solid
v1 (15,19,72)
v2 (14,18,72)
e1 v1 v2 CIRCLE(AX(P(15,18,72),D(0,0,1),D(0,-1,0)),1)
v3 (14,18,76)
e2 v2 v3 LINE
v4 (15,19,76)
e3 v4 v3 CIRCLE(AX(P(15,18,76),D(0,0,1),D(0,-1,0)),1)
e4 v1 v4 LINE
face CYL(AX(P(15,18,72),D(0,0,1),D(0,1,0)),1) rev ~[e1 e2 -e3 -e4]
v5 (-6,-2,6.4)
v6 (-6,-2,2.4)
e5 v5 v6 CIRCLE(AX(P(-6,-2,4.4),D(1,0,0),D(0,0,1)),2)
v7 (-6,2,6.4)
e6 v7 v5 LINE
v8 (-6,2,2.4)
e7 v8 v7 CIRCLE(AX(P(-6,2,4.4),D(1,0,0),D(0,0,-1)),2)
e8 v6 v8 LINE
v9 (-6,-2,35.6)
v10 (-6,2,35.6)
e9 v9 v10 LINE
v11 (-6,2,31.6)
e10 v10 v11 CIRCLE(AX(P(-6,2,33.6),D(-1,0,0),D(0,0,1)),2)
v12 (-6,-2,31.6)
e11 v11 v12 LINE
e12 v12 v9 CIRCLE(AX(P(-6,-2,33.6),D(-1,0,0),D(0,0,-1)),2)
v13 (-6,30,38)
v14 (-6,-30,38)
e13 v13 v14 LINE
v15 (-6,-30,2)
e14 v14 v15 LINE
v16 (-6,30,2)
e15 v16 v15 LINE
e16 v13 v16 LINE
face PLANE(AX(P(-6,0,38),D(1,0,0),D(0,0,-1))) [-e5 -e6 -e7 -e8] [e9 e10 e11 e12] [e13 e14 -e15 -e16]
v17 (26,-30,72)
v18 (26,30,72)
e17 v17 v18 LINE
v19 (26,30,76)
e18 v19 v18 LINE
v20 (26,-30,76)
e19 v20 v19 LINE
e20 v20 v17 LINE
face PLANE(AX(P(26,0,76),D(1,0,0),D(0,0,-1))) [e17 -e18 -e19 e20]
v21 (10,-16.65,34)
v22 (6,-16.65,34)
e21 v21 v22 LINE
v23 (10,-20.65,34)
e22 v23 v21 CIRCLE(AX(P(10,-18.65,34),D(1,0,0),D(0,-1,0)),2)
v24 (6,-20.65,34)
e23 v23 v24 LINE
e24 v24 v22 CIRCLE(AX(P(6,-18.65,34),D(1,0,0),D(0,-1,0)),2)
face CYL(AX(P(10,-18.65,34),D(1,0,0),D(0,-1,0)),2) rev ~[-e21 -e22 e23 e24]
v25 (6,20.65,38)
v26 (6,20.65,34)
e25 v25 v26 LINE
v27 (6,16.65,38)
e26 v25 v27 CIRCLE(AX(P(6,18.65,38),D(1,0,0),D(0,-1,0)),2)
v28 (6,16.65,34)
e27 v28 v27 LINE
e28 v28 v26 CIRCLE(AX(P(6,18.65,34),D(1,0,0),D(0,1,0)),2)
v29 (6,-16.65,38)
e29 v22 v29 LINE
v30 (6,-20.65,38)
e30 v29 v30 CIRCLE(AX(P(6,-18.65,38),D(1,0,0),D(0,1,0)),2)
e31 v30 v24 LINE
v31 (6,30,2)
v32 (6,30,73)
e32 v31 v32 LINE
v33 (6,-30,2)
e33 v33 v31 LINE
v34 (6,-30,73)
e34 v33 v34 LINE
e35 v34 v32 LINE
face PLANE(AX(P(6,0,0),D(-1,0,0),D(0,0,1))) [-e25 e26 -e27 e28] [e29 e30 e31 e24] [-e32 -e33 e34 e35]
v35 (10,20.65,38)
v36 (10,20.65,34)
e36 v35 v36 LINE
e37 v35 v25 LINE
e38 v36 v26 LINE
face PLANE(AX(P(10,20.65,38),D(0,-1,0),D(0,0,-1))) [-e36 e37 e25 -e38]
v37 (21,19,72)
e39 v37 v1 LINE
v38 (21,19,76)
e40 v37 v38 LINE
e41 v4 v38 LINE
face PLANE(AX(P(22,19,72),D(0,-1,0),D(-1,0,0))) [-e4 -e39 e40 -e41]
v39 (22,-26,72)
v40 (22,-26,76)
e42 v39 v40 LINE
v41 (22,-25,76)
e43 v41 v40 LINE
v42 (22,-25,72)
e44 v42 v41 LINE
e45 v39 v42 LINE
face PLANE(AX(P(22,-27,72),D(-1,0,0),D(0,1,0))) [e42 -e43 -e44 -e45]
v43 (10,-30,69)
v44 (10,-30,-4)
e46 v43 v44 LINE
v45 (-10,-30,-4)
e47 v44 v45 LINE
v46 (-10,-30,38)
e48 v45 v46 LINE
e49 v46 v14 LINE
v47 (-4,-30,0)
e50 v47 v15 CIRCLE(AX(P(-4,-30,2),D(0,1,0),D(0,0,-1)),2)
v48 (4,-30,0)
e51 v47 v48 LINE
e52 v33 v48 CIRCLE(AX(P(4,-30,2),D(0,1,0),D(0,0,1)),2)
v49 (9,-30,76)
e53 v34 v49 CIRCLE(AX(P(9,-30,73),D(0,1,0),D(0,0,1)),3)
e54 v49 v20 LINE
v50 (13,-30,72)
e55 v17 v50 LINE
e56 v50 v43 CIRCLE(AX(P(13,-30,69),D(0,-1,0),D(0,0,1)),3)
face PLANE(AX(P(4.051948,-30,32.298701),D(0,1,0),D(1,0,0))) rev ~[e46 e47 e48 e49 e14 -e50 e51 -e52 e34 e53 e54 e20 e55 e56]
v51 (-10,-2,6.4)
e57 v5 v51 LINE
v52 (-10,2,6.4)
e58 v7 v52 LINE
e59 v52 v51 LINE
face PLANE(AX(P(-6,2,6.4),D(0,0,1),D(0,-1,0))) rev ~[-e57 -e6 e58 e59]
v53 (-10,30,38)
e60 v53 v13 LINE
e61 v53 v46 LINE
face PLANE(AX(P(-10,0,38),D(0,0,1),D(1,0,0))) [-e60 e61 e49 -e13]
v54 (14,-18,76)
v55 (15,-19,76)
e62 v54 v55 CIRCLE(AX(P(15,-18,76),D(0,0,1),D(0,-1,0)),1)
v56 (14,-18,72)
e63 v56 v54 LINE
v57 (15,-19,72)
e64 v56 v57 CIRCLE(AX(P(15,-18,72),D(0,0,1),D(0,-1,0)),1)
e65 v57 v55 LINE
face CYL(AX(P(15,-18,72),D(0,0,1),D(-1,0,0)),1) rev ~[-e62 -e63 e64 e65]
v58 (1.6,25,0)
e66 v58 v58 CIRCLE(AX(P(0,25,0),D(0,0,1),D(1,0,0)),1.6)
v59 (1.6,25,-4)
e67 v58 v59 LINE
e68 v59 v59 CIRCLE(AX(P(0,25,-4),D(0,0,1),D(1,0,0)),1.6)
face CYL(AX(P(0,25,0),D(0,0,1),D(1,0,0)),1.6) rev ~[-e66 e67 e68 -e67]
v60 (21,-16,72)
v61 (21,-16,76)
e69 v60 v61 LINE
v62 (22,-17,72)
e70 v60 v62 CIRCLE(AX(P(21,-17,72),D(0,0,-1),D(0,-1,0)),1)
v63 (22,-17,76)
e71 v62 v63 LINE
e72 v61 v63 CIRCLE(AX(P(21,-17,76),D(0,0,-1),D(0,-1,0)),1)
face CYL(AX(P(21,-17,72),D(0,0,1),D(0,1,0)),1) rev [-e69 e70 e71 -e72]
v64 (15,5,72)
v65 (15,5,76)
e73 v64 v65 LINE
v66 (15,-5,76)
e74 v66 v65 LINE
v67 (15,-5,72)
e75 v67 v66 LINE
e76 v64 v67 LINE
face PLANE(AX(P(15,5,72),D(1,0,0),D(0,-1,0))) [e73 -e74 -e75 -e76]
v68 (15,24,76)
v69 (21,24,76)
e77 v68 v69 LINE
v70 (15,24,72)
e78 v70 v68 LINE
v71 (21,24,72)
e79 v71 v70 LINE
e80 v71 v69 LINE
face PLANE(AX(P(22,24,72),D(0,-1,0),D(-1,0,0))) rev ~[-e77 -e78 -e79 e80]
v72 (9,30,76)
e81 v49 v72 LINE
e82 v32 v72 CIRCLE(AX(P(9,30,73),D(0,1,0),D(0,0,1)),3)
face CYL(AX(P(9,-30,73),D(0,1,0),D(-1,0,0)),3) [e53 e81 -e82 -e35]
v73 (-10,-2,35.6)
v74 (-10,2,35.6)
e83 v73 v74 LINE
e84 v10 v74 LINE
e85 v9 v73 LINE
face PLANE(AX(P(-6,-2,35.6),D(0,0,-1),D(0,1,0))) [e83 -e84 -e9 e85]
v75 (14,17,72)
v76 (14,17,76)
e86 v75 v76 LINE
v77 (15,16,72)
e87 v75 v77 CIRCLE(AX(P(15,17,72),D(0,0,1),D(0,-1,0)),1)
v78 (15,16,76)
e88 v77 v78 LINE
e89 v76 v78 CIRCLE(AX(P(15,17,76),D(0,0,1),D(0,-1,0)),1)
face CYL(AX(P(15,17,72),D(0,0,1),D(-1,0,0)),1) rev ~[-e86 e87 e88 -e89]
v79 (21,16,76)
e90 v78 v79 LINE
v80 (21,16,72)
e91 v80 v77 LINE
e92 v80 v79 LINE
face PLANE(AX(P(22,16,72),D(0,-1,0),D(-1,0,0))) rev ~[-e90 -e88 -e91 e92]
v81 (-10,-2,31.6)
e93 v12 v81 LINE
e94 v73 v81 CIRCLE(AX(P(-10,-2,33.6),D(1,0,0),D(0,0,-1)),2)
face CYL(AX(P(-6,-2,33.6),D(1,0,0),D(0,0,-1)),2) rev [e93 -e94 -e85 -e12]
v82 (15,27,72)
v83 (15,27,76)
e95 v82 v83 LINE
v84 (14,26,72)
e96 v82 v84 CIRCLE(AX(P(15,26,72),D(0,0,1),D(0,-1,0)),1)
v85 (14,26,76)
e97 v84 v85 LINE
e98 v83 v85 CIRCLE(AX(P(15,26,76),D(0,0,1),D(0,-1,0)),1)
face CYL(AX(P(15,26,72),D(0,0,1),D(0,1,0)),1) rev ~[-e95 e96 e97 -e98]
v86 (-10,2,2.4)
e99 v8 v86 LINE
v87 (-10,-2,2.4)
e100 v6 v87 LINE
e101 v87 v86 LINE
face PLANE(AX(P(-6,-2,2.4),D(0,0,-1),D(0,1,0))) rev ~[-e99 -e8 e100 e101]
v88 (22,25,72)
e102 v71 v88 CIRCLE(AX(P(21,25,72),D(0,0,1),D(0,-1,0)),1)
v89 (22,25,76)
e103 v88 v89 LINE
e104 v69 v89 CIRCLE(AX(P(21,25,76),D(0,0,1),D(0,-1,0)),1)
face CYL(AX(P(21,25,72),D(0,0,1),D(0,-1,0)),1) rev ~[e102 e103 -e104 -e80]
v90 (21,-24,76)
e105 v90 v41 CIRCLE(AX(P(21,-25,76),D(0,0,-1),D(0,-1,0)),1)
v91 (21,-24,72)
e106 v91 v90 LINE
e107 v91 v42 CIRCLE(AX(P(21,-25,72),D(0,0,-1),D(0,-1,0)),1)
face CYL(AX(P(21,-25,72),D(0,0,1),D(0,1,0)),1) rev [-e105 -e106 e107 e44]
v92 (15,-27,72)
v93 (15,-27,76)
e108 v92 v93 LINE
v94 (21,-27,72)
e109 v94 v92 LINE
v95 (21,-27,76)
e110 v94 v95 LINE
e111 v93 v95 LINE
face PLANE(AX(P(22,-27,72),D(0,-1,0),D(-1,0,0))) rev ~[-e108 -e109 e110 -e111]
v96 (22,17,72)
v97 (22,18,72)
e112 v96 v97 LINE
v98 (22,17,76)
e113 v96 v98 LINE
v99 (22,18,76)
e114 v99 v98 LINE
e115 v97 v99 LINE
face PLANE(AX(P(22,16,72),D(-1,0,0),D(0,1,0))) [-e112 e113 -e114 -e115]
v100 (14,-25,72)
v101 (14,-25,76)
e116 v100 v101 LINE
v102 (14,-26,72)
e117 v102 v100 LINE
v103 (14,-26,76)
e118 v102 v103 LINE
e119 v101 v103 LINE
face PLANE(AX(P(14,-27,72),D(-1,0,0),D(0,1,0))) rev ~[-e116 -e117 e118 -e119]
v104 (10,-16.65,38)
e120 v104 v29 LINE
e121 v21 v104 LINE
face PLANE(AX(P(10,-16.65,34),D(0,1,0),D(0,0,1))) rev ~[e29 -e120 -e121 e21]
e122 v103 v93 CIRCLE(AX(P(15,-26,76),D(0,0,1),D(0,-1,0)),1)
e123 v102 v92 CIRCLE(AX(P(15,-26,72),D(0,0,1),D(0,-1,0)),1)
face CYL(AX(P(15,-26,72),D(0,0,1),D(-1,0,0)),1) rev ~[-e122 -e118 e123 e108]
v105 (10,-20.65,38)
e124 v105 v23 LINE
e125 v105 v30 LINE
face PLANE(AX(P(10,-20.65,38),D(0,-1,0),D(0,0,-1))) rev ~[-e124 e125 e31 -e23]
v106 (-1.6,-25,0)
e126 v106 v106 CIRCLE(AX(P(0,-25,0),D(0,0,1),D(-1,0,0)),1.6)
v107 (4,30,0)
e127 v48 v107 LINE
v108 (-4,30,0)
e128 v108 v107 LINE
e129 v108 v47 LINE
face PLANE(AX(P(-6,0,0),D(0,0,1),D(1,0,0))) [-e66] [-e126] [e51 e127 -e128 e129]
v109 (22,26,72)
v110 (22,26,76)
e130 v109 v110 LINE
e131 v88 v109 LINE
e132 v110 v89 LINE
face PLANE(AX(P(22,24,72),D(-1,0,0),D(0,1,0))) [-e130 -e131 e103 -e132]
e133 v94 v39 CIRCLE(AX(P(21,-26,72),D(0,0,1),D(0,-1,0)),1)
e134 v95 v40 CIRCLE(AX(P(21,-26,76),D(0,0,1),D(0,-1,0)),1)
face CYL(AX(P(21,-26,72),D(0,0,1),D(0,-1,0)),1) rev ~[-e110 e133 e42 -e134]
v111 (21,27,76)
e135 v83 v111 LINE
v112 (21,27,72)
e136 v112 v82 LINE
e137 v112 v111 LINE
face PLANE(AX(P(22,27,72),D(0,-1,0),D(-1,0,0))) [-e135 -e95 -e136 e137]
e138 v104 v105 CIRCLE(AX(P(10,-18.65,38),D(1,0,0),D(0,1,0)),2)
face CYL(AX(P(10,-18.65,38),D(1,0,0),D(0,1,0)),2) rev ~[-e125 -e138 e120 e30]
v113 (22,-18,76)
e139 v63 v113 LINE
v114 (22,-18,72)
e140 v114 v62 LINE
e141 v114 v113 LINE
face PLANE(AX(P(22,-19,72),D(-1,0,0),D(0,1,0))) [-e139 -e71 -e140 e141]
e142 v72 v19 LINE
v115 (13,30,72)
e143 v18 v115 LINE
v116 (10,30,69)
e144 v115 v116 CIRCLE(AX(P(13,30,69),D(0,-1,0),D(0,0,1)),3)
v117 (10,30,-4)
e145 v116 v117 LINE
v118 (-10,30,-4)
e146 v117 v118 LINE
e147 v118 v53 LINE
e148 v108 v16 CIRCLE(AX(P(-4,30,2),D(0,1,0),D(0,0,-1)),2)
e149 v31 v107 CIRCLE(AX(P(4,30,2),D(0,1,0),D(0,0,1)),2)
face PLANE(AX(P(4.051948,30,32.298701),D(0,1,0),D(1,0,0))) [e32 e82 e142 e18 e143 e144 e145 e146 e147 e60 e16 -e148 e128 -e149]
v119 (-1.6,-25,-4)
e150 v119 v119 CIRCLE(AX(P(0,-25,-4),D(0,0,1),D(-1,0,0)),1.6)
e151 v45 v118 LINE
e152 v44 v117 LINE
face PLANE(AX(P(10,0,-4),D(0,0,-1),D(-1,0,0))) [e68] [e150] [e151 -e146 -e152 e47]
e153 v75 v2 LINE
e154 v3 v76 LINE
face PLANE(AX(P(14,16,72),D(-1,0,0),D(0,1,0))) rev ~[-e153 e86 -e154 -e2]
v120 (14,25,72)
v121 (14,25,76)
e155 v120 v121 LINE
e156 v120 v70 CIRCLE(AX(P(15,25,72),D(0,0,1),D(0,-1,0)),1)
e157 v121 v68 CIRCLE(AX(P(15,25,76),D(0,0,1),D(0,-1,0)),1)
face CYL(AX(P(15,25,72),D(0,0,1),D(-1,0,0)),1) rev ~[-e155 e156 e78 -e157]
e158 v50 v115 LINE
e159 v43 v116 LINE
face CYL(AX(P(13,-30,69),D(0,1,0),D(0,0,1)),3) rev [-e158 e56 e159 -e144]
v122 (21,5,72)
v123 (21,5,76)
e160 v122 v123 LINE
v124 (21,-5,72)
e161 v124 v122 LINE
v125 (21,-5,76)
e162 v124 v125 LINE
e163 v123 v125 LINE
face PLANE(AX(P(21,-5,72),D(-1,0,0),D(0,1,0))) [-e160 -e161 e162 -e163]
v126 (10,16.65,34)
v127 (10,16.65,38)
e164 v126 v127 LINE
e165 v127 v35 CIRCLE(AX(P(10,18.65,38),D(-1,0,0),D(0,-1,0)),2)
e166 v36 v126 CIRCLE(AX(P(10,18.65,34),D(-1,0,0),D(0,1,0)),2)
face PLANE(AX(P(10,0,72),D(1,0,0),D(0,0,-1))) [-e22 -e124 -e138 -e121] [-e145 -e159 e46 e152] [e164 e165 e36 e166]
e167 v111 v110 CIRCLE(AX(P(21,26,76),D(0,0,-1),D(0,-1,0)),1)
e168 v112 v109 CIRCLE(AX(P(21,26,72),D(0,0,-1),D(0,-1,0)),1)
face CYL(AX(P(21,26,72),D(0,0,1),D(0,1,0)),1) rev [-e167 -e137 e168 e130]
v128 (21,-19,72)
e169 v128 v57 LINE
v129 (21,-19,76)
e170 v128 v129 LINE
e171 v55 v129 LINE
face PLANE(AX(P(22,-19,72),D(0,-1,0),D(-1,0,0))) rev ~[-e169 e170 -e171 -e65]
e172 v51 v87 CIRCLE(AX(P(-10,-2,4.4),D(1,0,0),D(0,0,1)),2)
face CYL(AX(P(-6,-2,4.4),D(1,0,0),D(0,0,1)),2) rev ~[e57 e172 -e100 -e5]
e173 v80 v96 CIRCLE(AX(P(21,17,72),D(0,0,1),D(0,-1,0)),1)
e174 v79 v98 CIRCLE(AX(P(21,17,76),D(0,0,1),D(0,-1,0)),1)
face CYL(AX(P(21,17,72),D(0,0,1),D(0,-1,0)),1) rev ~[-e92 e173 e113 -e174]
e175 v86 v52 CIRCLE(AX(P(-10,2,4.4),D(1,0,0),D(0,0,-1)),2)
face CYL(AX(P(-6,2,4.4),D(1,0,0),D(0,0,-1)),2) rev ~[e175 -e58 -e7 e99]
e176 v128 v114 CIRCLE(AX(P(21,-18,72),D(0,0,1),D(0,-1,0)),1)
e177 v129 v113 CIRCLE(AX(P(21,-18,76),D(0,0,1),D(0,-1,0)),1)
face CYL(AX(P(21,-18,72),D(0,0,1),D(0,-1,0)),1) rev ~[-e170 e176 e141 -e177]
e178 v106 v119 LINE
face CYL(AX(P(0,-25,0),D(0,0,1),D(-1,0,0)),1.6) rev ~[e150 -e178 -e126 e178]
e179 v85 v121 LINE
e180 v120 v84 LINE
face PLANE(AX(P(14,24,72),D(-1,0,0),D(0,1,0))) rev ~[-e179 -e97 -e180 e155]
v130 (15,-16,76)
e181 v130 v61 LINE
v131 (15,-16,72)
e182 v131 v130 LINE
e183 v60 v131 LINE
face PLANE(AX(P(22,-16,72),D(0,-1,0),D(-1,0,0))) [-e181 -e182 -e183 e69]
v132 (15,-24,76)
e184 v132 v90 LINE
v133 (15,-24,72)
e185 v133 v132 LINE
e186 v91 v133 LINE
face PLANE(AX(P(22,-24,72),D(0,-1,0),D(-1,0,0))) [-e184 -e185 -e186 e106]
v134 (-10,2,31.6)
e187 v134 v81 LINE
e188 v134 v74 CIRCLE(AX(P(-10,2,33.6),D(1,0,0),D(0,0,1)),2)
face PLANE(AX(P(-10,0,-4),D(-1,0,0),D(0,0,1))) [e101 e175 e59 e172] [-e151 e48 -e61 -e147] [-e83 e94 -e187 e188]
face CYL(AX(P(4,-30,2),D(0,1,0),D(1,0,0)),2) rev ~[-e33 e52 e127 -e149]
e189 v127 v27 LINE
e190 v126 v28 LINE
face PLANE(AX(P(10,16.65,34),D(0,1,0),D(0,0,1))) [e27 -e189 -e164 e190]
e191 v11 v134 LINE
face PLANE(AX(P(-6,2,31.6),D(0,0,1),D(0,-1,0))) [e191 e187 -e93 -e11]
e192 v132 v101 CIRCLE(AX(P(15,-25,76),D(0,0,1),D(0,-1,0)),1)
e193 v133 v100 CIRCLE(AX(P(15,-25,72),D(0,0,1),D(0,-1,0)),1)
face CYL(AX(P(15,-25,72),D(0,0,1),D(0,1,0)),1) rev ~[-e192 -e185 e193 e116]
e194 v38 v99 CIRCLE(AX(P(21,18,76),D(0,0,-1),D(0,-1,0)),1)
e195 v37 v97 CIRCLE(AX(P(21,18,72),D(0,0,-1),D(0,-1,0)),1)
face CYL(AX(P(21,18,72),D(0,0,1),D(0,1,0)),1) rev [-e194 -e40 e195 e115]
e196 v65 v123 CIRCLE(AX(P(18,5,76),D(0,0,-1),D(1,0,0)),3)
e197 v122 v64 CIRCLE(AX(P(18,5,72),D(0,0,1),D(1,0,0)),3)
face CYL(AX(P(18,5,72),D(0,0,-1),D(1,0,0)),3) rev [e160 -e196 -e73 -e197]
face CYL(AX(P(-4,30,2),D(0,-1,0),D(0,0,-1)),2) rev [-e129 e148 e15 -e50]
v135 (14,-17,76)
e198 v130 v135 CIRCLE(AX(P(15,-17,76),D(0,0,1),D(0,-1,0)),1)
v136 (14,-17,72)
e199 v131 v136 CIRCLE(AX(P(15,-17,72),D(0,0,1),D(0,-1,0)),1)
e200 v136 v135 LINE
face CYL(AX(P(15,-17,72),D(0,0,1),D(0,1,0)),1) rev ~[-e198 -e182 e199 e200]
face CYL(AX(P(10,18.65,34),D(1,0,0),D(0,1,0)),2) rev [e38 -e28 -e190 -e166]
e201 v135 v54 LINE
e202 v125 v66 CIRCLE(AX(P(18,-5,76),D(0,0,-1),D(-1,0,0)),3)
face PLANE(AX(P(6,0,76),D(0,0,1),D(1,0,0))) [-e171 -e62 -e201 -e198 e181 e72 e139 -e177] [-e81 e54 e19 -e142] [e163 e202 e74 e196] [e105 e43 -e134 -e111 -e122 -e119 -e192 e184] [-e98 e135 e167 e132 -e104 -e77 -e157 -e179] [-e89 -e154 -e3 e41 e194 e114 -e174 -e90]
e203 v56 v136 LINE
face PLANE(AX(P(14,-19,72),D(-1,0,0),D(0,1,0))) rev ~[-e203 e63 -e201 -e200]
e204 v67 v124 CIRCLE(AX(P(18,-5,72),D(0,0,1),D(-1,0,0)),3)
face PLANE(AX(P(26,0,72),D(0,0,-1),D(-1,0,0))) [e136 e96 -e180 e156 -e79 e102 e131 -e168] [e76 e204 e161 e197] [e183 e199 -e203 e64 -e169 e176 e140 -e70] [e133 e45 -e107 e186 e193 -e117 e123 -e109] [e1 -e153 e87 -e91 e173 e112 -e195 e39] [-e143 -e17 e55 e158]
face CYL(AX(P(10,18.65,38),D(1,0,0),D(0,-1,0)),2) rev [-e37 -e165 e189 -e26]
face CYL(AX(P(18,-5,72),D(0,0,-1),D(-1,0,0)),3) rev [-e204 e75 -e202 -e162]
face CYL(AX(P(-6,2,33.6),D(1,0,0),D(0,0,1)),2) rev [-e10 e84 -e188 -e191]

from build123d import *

# Parameters (mm, degrees)
BOSS_EXTRUDE1_DEPTH = 30
SKETCH2_W           = 8
SKETCH2_H           = 3
CUT_EXTRUDE1_DEPTH  = 86.743804441
FILLET1_R           = 1
CUT_EXTRUDE2_REACH  = 89.75
CUT_EXTRUDE3_REACH  = 86.119
SKETCH5_R           = 1.6
CUT_EXTRUDE4_DEPTH  = 86.743804441
FILLET2_R           = 2
FILLET3_R           = 3


with BuildPart() as part:
    # Sketch1 → Boss-Extrude1 (new, symmetric)
    with BuildSketch(Plane(origin=(0, 0, 0), x_dir=(1, 0, 0), z_dir=(0, 1, 0))):
        Polygon((-6, 0), (6, 0), (6, -76), (10, -76), (26, -76), (26, -72), (10, -72), (10, 4), (-10, 4), (-10, -38), (-6, -38), align=None)
    extrude(amount=BOSS_EXTRUDE1_DEPTH, both=True)

    # Sketch2 → Cut-Extrude1 (cut, through all)
    with BuildSketch(Plane(origin=(0, 0, 72), x_dir=(-1, 0, 0), z_dir=(0, 0, -1))):
        with BuildLine():
            Line((-21, -5), (-21, 5))
            ThreePointArc((-21, 5), (-18, 8), (-15, 5))
            Line((-15, 5), (-15, -5))
            ThreePointArc((-15, -5), (-18, -8), (-21, -5))
        make_face()
        with Locations((-18, 25.5)):
            Rectangle(SKETCH2_W, SKETCH2_H)
        with Locations((-18, 17.5)):
            Rectangle(SKETCH2_W, SKETCH2_H)
        with Locations((-18, -17.5)):
            Rectangle(SKETCH2_W, SKETCH2_H)
        with Locations((-18, -25.5)):
            Rectangle(SKETCH2_W, SKETCH2_H)
    extrude(amount=-CUT_EXTRUDE1_DEPTH, mode=Mode.SUBTRACT)

    # Fillet1
    fillet1_edges = [part.edges().sort_by_distance(p)[0] for p in [
        (22, 24, 74),
        (22, 27, 74),
        (14, 27, 74),
        (14, 24, 74),
        (22, 16, 74),
        (22, 19, 74),
        (14, 19, 74),
        (14, 16, 74),
        (14, -19, 74),
        (22, -19, 74),
        (22, -16, 74),
        (14, -16, 74),
        (14, -27, 74),
        (22, -27, 74),
        (22, -24, 74),
        (14, -24, 74),
    ]]
    fillet(fillet1_edges, radius=FILLET1_R)

    # Sketch3 → Cut-Extrude2 (cut, up to next)
    with BuildSketch(Plane(origin=(-6, 0, 0), x_dir=(0, 0, -1), z_dir=(1, 0, 0)), mode=Mode.PRIVATE) as cut_extrude2_sk1:
        with BuildLine():
            Line((-35.6, -2), (-35.6, 2))
            ThreePointArc((-35.6, 2), (-33.6, 4), (-31.6, 2))
            Line((-31.6, 2), (-31.6, -2))
            ThreePointArc((-31.6, -2), (-33.6, -4), (-35.6, -2))
        make_face()
    cut_extrude2_tool1 = extrude(cut_extrude2_sk1.sketch, amount=-CUT_EXTRUDE2_REACH, mode=Mode.PRIVATE) & part.part
    # Sketch3 → Cut-Extrude2 (cut, up to next)
    with BuildSketch(Plane(origin=(-6, 0, 0), x_dir=(0, 0, -1), z_dir=(1, 0, 0)), mode=Mode.PRIVATE) as cut_extrude2_sk2:
        with BuildLine():
            Line((-2.4, -2), (-2.4, 2))
            ThreePointArc((-2.4, 2), (-4.4, 4), (-6.4, 2))
            Line((-6.4, 2), (-6.4, -2))
            ThreePointArc((-6.4, -2), (-4.4, -4), (-2.4, -2))
        make_face()
    cut_extrude2_tool2 = extrude(cut_extrude2_sk2.sketch, amount=-CUT_EXTRUDE2_REACH, mode=Mode.PRIVATE) & part.part
    add(cut_extrude2_tool1.solids().sort_by_distance((-6, 0, 33.6))[0], mode=Mode.SUBTRACT)
    add(cut_extrude2_tool2.solids().sort_by_distance((-6, 0, 4.4))[0], mode=Mode.SUBTRACT)

    # Sketch4 → Cut-Extrude3 (cut, up to next)
    with BuildSketch(Plane(origin=(10, 0, 0), x_dir=(0, 0, -1), z_dir=(1, 0, 0)), mode=Mode.PRIVATE) as cut_extrude3_sk1:
        with BuildLine():
            Line((-38, 20.65), (-34, 20.65))
            ThreePointArc((-34, 20.65), (-32, 18.65), (-34, 16.65))
            Line((-34, 16.65), (-38, 16.65))
            ThreePointArc((-38, 16.65), (-40, 18.65), (-38, 20.65))
        make_face()
    cut_extrude3_tool1 = extrude(cut_extrude3_sk1.sketch, amount=-CUT_EXTRUDE3_REACH, mode=Mode.PRIVATE) & part.part
    # Sketch4 → Cut-Extrude3 (cut, up to next)
    with BuildSketch(Plane(origin=(10, 0, 0), x_dir=(0, 0, -1), z_dir=(1, 0, 0)), mode=Mode.PRIVATE) as cut_extrude3_sk2:
        with BuildLine():
            Line((-38, -20.65), (-34, -20.65))
            ThreePointArc((-34, -20.65), (-32, -18.65), (-34, -16.65))
            Line((-34, -16.65), (-38, -16.65))
            ThreePointArc((-38, -16.65), (-40, -18.65), (-38, -20.65))
        make_face()
    cut_extrude3_tool2 = extrude(cut_extrude3_sk2.sketch, amount=-CUT_EXTRUDE3_REACH, mode=Mode.PRIVATE) & part.part
    add(cut_extrude3_tool1.solids().sort_by_distance((10, 18.65, 36))[0], mode=Mode.SUBTRACT)
    add(cut_extrude3_tool2.solids().sort_by_distance((10, -18.65, 36))[0], mode=Mode.SUBTRACT)

    # Sketch5 → Cut-Extrude4 (cut, through all)
    with BuildSketch(Plane.XY):
        with Locations((0, 25)):
            Circle(SKETCH5_R)
        with Locations(Location((0, -25, 0), (0, 0, 180))):
            Circle(SKETCH5_R)
    extrude(amount=-CUT_EXTRUDE4_DEPTH, mode=Mode.SUBTRACT)

    # Fillet2
    fillet2_edges = [part.edges().sort_by_distance(p)[0] for p in [
        (6, 0, 0),
        (-6, 0, 0),
    ]]
    fillet(fillet2_edges, radius=FILLET2_R)

    # Fillet3
    fillet3_edges = [part.edges().sort_by_distance(p)[0] for p in [
        (10, 0, 72),
        (6, 0, 76),
    ]]
    fillet(fillet3_edges, radius=FILLET3_R)


solid = part.part
